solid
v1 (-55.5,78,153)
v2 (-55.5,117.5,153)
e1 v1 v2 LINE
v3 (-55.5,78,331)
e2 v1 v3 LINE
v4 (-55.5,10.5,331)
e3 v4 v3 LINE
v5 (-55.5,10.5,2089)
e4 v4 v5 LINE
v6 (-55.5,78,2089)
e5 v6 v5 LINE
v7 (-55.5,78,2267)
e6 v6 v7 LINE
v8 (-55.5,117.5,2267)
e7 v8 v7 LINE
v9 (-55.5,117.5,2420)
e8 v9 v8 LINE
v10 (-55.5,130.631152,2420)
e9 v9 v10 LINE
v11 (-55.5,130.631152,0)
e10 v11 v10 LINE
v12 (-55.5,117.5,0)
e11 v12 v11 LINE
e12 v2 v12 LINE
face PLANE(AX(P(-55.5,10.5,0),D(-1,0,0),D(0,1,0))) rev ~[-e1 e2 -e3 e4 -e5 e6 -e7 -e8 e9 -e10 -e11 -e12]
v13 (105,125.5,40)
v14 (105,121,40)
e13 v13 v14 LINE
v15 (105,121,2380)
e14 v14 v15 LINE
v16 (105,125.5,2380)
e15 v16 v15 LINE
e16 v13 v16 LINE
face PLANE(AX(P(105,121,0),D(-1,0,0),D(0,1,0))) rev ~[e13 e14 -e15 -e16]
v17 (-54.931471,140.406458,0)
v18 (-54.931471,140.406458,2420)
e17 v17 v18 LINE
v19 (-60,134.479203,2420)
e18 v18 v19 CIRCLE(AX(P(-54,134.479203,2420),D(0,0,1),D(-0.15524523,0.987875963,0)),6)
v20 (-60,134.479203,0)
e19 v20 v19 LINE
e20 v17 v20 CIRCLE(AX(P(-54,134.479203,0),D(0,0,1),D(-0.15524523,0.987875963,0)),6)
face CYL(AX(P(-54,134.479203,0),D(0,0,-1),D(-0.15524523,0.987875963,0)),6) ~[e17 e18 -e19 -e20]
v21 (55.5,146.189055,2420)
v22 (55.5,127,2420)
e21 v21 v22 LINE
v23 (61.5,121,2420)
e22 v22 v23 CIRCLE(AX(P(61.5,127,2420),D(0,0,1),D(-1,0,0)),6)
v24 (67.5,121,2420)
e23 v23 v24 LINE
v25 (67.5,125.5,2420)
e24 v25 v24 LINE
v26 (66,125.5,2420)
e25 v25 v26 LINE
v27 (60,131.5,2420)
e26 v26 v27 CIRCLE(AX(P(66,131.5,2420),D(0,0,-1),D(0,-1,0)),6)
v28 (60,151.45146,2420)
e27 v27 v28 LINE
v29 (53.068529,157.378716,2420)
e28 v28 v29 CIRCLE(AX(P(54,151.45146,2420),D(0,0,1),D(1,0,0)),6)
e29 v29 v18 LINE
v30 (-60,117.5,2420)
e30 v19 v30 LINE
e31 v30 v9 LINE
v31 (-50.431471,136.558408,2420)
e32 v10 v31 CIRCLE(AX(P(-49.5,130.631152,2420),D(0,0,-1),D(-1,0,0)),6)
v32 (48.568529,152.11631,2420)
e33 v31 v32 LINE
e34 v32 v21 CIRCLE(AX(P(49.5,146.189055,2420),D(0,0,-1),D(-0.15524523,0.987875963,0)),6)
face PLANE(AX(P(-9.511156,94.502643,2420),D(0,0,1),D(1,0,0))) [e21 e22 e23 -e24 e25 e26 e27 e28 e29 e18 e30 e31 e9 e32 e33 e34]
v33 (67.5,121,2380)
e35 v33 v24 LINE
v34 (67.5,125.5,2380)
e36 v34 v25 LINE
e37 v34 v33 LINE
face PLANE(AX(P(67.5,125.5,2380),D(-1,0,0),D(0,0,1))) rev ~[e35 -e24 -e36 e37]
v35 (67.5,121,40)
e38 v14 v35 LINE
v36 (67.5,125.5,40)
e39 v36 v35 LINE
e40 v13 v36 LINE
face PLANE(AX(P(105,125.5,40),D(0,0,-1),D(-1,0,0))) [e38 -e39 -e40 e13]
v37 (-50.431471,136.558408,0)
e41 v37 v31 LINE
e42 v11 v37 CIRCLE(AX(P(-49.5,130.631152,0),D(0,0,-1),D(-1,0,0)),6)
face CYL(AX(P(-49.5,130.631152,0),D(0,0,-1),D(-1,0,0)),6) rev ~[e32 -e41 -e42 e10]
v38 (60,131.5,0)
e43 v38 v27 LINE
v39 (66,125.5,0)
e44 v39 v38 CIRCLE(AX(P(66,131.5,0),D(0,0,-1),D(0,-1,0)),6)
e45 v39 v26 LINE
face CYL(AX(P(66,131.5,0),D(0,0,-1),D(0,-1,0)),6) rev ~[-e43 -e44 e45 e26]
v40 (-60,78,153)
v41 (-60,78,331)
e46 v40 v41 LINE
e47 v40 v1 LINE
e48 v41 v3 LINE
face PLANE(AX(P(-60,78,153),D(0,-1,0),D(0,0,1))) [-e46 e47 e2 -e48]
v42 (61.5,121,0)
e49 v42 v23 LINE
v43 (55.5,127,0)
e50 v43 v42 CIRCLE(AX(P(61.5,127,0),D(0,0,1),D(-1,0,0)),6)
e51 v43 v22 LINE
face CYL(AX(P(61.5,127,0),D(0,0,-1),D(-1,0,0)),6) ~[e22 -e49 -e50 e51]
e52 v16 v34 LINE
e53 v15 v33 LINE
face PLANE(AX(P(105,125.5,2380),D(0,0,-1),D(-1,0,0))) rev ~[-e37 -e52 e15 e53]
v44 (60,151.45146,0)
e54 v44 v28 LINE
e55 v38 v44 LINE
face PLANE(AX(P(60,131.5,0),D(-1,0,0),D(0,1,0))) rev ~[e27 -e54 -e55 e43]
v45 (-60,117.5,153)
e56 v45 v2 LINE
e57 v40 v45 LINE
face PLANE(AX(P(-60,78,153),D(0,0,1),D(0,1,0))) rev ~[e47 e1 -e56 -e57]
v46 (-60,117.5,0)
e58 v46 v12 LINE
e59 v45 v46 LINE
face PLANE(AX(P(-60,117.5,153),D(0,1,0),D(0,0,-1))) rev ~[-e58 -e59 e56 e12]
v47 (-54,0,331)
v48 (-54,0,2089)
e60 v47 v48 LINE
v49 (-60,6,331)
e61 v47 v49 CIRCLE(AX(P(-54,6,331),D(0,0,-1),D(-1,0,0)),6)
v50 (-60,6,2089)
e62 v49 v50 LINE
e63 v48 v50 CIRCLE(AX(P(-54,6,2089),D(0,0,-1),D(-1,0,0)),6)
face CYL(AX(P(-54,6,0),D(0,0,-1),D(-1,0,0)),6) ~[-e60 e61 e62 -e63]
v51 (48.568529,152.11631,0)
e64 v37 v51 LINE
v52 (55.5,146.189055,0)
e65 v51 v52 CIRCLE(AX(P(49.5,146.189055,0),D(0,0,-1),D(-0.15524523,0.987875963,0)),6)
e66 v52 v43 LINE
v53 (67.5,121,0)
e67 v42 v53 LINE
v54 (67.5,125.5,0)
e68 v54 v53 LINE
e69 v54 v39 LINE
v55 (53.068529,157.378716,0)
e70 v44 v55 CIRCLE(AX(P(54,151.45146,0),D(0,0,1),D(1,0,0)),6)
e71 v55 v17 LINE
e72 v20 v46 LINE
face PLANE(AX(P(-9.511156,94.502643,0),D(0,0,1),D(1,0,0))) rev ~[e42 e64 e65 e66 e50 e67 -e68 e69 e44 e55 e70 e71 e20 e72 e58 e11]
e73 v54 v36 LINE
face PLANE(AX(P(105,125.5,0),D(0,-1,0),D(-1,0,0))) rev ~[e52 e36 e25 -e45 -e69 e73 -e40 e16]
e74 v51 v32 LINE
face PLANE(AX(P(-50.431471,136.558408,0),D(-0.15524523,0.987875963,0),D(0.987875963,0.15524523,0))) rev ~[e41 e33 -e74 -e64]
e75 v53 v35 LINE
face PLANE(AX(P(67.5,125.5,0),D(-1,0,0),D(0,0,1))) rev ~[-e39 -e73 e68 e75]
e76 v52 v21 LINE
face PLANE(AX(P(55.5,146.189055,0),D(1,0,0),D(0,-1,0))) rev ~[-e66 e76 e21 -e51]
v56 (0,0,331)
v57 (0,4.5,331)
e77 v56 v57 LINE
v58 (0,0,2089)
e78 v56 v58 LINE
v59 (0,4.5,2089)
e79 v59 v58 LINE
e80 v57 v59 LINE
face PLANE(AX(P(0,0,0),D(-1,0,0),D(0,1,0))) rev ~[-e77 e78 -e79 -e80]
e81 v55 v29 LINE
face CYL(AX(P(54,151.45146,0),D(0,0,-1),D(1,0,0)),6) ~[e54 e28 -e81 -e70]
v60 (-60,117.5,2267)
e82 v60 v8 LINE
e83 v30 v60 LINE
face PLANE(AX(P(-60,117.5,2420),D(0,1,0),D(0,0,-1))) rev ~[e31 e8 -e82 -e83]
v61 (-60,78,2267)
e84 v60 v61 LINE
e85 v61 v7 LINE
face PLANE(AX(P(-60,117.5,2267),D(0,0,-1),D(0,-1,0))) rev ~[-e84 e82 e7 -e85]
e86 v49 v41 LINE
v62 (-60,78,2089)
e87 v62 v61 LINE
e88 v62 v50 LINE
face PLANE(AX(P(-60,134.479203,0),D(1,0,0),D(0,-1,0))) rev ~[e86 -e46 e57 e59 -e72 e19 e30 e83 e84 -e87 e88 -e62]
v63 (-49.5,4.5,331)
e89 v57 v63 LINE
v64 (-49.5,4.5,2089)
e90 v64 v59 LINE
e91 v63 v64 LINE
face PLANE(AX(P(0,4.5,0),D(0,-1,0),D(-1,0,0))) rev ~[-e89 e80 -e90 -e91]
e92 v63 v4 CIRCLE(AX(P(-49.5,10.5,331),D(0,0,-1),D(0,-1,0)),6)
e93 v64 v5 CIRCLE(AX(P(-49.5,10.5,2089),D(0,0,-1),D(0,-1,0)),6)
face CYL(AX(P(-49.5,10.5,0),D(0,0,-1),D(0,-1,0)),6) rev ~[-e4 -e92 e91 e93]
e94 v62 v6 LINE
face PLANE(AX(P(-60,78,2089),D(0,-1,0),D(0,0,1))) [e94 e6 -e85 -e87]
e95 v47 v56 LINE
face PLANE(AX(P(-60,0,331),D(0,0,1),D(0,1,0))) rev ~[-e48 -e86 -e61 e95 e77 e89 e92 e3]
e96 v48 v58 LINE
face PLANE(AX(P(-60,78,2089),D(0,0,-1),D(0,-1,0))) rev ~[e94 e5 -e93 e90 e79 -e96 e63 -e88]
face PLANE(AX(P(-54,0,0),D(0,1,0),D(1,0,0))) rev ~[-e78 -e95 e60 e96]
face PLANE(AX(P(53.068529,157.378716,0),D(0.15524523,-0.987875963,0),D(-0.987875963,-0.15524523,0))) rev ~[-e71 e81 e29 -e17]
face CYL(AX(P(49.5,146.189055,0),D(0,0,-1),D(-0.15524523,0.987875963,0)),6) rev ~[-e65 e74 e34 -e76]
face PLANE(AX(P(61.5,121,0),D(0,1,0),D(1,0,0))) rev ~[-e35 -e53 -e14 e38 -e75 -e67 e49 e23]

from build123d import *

# Parameters (mm, degrees)
F1_DEPTH = 2420
F2_W     = 6
F2_H     = 153
F2_W_2   = 72
F2_H_2   = 178
F3_DEPTH = 165.001
F4_W     = 37.5
F4_H     = 37
F4_H_2   = 3
F4_H_3   = 40
F5_DEPTH = 125.501


with BuildPart() as f1:
    # F0 (on Top) → F1 (new body)
    with BuildSketch(Plane.XY):
        with BuildLine():
            Line((-54, 0), (0, 0))
            Line((0, 0), (0, 4.5))
            Line((0, 4.5), (-49.5, 4.5))
            ThreePointArc((-49.5, 4.5), (-53.7426406871, 6.2573593129), (-55.5, 10.5))
            Line((-55.5, 10.5), (-55.5, 130.6311523413))
            ThreePointArc((-55.5, 130.6311523413), (-54.060089269, 134.5305863848), (-50.4314713804, 136.5584081202))
            Line((-50.4314713804, 136.5584081202), (48.5685286196, 152.1163104777))
            ThreePointArc((48.5685286196, 152.1163104777), (53.3994340434, 150.7491439679), (55.5, 146.1890546989))
            Line((55.5, 146.1890546989), (55.5, 127))
            ThreePointArc((55.5, 127), (57.2573593129, 122.7573593129), (61.5, 121))
            Line((61.5, 121), (105, 121))
            Line((105, 121), (105, 125.5))
            Line((105, 125.5), (66, 125.5))
            ThreePointArc((66, 125.5), (61.7573593129, 127.2573593129), (60, 131.5))
            Line((60, 131.5), (60, 151.4514598279))
            ThreePointArc((60, 151.4514598279), (57.8994340434, 156.0115490969), (53.0685286196, 157.3787156068))
            Line((53.0685286196, 157.3787156068), (-54.9314713804, 140.4064584894))
            ThreePointArc((-54.9314713804, 140.4064584894), (-58.560089269, 138.378636754), (-60, 134.4792027106))
            Line((-60, 134.4792027106), (-60, 6))
            ThreePointArc((-60, 6), (-58.2426406871, 1.7573593129), (-54, 0))
        make_face()
    extrude(amount=F1_DEPTH)

    # F2 (on face) → F3 (cut, through all)
    with BuildSketch(Plane(origin=(-60, 0, 0), x_dir=(0, -1, 0), z_dir=(-1, 0, 0))):
        Polygon((-117.5, 153), (-117.5, 0), (-6, 0), (-6, 153), (-78, 153), align=None)
        with Locations((-3, 76.5)):
            Rectangle(F2_W, F2_H)
        with Locations((-42, 242)):
            Rectangle(F2_W_2, F2_H_2)
        with Locations((-3, 242)):
            Rectangle(F2_W, F2_H_2)
        with Locations((-42, 2178)):
            Rectangle(F2_W_2, F2_H_2)
        with Locations((-3, 2178)):
            Rectangle(F2_W, F2_H_2)
        Polygon((-6, 2420), (-117.5, 2420), (-117.5, 2267), (-78, 2267), (-6, 2267), align=None)
        with Locations((-3, 2343.5)):
            Rectangle(F2_W, F2_H)
    extrude(amount=-F3_DEPTH, mode=Mode.SUBTRACT)

    # F4 (on face) → F5 (cut, through all)
    with BuildSketch(Plane(origin=(0, 125.5, 0), x_dir=(-1, 0, 0), z_dir=(0, 1, 0))):
        with Locations((-86.25, 2398.5)):
            Rectangle(F4_W, F4_H)
        with Locations((-86.25, 2418.5)):
            Rectangle(F4_W, F4_H_2)
        with Locations((-86.25, 20)):
            Rectangle(F4_W, F4_H_3)
    extrude(amount=-F5_DEPTH, mode=Mode.SUBTRACT)


solid = f1.part
